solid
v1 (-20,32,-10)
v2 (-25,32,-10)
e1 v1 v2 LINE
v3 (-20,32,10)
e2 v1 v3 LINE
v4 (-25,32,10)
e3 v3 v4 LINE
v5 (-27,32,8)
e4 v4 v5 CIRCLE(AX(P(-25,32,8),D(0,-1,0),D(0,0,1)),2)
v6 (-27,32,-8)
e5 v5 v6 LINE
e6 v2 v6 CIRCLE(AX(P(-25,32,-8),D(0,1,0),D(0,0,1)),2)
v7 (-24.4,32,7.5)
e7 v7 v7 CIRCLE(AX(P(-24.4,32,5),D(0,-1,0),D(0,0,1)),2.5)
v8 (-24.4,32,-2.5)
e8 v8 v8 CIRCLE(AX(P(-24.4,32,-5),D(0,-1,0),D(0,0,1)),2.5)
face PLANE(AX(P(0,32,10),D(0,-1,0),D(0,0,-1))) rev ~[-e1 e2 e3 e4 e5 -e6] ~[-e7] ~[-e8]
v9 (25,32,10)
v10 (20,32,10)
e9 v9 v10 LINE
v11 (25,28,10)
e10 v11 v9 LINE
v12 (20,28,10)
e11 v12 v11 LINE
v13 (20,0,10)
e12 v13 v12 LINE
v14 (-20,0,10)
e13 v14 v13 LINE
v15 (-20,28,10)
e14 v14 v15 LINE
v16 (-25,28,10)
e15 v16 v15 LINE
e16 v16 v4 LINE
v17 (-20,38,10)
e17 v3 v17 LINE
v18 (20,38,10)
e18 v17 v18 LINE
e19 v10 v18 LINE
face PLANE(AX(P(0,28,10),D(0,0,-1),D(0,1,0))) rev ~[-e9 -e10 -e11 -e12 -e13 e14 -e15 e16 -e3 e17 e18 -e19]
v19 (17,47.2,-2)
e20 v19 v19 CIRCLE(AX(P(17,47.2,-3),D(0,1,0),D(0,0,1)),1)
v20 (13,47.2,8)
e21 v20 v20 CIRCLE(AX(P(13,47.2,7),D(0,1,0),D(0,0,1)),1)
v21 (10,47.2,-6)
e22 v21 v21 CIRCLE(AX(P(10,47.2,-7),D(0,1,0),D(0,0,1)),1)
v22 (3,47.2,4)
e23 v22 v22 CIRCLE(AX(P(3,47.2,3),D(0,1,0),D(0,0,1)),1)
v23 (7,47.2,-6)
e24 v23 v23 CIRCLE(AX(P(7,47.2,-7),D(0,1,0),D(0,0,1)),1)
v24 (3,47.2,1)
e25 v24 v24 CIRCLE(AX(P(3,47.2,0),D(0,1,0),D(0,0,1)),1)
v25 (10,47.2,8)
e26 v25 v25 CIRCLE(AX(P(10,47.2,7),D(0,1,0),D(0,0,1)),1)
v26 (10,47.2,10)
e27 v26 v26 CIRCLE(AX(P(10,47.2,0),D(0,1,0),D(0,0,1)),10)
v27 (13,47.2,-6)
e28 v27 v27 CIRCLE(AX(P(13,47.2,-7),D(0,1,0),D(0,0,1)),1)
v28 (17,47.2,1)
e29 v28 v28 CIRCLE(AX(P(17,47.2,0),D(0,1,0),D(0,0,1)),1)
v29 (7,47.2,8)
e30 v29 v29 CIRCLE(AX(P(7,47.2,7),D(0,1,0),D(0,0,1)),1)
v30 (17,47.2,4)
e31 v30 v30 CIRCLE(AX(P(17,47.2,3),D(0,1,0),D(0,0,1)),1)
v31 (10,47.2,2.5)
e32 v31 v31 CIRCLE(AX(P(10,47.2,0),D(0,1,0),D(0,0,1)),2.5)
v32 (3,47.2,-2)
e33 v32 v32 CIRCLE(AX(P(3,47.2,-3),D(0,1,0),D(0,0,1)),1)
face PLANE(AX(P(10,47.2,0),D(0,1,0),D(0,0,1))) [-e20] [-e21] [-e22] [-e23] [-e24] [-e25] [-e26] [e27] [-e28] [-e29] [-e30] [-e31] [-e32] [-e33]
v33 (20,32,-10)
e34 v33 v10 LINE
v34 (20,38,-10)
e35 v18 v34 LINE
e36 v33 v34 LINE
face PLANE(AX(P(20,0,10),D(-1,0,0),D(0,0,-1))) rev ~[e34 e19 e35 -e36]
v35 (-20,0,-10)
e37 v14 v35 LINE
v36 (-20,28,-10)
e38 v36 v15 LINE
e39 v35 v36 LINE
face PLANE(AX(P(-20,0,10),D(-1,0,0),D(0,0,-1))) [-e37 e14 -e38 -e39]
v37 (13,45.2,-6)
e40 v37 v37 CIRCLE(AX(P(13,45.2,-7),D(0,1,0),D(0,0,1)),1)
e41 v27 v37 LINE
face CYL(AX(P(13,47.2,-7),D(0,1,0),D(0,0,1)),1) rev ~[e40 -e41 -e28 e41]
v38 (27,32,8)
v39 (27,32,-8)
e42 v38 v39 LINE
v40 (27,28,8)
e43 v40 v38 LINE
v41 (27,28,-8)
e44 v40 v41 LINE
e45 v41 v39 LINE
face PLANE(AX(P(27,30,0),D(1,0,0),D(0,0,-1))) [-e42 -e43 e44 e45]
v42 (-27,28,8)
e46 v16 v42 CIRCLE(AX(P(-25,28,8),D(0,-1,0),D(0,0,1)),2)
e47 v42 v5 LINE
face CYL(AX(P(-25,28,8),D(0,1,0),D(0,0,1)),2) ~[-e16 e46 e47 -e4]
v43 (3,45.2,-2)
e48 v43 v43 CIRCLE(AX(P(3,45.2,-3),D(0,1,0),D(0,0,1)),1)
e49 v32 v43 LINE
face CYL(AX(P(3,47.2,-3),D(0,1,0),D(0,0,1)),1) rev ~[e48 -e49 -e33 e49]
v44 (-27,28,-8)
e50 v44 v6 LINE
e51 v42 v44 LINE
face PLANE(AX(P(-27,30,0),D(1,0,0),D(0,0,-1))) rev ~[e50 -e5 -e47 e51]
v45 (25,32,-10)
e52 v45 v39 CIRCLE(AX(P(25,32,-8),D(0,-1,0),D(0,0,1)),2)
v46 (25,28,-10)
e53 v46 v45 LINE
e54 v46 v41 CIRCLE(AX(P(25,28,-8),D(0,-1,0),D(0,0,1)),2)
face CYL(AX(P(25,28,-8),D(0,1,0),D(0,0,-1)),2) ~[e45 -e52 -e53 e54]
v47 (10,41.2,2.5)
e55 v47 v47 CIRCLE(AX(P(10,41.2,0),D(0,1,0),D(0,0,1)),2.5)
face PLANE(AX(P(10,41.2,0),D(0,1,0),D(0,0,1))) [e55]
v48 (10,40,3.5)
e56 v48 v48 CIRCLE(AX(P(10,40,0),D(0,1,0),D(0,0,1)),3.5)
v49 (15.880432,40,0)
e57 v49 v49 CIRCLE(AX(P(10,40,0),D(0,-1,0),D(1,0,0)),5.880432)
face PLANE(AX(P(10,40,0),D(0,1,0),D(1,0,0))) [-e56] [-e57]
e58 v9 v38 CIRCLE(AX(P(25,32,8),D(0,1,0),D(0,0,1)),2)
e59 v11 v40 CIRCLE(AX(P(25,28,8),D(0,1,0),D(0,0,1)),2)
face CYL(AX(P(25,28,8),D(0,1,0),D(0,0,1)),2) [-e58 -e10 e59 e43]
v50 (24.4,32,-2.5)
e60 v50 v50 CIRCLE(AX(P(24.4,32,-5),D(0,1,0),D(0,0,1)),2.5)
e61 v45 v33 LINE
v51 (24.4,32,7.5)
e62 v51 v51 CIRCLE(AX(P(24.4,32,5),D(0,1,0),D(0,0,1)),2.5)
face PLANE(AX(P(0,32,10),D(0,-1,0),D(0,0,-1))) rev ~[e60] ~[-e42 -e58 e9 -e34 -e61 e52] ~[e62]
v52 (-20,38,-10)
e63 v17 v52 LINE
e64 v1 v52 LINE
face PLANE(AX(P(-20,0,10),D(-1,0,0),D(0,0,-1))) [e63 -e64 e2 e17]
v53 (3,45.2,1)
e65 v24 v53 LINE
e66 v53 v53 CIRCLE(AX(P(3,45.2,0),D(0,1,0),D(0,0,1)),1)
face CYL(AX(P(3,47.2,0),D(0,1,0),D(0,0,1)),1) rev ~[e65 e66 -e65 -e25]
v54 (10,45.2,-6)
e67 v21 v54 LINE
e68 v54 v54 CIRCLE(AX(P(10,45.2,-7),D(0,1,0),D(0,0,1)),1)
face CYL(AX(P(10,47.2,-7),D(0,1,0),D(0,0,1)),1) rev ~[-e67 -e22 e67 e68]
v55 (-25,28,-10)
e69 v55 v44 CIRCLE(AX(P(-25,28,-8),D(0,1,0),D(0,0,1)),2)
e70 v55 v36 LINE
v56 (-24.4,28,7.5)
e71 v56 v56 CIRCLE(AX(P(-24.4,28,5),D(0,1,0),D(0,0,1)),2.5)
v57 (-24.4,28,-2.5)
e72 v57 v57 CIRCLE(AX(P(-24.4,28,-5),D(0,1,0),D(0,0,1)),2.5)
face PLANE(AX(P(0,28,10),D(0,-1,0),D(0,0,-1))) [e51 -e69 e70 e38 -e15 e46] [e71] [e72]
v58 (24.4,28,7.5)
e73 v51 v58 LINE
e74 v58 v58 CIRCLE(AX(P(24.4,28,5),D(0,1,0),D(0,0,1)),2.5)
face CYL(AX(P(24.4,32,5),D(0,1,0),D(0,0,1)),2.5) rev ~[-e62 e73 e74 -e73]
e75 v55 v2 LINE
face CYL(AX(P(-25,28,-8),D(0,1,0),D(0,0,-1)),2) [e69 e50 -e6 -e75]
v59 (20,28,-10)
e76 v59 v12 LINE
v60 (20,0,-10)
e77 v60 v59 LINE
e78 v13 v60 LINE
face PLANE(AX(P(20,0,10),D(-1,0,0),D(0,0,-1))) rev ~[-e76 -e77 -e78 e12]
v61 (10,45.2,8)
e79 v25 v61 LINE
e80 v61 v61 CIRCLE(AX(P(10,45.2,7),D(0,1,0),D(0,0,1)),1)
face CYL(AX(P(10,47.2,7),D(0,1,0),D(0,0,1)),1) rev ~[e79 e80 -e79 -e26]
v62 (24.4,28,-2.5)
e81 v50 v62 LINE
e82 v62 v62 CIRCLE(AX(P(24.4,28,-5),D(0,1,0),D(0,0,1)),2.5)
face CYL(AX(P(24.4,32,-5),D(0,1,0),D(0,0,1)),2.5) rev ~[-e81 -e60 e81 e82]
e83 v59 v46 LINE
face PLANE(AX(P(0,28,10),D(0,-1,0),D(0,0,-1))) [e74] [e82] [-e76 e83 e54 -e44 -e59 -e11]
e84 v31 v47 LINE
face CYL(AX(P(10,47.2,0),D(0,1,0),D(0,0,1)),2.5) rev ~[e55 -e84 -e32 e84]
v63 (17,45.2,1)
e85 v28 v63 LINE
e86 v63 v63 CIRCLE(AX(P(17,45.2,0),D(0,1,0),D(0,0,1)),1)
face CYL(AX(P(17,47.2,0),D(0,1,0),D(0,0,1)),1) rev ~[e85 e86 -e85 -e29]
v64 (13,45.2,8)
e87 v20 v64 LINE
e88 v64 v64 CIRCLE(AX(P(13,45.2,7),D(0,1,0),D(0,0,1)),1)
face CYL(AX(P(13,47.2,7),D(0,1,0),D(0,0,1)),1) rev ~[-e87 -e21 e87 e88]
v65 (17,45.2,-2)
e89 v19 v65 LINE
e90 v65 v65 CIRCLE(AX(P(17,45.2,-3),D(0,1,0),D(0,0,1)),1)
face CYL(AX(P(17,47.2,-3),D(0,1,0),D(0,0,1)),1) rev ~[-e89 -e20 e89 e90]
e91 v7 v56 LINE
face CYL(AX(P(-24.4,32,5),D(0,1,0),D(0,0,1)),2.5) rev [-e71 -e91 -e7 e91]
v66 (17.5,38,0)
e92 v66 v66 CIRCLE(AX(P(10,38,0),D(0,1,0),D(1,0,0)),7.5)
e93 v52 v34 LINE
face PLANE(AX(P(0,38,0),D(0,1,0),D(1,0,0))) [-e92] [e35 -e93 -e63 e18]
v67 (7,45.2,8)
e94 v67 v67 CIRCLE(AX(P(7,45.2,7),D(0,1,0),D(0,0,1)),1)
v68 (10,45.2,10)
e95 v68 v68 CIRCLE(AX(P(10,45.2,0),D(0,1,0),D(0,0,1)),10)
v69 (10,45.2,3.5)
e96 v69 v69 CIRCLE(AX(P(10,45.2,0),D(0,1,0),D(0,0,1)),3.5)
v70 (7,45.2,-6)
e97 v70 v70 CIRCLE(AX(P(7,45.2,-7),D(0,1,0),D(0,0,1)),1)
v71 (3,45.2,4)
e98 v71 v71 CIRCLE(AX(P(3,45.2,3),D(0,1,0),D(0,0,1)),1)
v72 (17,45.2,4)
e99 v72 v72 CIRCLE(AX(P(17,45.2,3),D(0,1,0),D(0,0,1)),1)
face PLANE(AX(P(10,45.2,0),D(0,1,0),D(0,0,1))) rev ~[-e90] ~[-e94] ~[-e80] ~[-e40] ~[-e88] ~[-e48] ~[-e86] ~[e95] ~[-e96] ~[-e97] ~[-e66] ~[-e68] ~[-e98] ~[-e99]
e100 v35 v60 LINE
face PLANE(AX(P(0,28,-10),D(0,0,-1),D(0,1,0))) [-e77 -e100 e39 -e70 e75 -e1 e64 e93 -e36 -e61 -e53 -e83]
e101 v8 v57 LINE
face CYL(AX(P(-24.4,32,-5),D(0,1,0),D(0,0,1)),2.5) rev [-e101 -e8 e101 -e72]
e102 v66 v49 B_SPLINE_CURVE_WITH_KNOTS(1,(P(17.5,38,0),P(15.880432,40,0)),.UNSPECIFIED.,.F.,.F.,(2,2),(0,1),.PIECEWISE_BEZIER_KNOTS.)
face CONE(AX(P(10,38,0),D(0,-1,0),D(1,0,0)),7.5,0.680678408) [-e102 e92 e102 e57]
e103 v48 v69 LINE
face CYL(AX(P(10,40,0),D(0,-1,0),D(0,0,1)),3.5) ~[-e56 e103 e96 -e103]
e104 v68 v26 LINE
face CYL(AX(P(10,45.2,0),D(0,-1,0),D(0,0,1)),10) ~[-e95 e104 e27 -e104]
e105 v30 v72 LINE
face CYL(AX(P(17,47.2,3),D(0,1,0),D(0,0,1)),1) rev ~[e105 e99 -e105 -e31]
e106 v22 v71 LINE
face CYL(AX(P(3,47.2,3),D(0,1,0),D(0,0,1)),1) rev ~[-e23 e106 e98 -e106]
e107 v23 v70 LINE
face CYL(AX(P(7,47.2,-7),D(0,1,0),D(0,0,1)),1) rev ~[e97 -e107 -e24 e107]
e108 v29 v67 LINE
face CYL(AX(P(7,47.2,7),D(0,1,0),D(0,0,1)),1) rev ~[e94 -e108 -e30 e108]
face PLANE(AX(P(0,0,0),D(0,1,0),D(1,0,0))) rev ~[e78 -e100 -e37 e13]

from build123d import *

# Parameters (mm, degrees)
SKETCH1_W           = 40
SKETCH1_H           = 20
BOSS_EXTRUDE1_DEPTH = 38
SKETCH2_W           = 20
SKETCH2_H           = 4
BOSS_EXTRUDE2_DEPTH = 27
SKETCH3_R           = 2.5
CUT_EXTRUDE5_DEPTH  = 53.6
SKETCH4_R           = 7.5
BOSS_EXTRUDE3_DEPTH = 2
BOSS_EXTRUDE3_TAPER = 39
SKETCH5_R           = 3.5
BOSS_EXTRUDE4_DEPTH = 5.2
SKETCH6_R           = 10
BOSS_EXTRUDE5_DEPTH = 2
FILLET1_R           = 2
SKETCH7_R           = 2.5
SKETCH7_R_2         = 1
CUT_EXTRUDE9_DEPTH  = 6


with BuildPart() as part:
    # Sketch1 → Boss-Extrude1 (new body)
    with BuildSketch(Plane(origin=(0, 0, 0), x_dir=(1, 0, 0), z_dir=(0, 1, 0))):
        Rectangle(SKETCH1_W, SKETCH1_H)
    extrude(amount=BOSS_EXTRUDE1_DEPTH)

    # Sketch2 → Boss-Extrude2 (add, symmetric)
    with BuildSketch(Plane(origin=(0, 0, 0), x_dir=(0, 0, -1), z_dir=(1, 0, 0))):
        with Locations((0, 30)):
            Rectangle(SKETCH2_W, SKETCH2_H)
    extrude(amount=BOSS_EXTRUDE2_DEPTH, both=True)

    # Sketch3 → Cut-Extrude5 (cut)
    with BuildSketch(Plane(origin=(0, 32, 0), x_dir=(1, 0, 0), z_dir=(0, 1, 0))):
        with Locations(Location((24.4, 5, 0), (0, 0, 270))):
            Circle(SKETCH3_R)
        with Locations(Location((24.4, -5, 0), (0, 0, 270))):
            Circle(SKETCH3_R)
    cut_extrude5 = extrude(amount=-CUT_EXTRUDE5_DEPTH, mode=Mode.SUBTRACT)

    # Mirror1: Cut-Extrude5 across plane
    add(cut_extrude5.mirror(Plane(origin=(0, 0, 0), x_dir=(0, 0, 1), z_dir=(1, 0, 0))), mode=Mode.SUBTRACT)

    # Sketch4 → Boss-Extrude3 (add)
    with BuildSketch(Plane(origin=(0, 38, 0), x_dir=(1, 0, 0), z_dir=(0, 1, 0))):
        with Locations((10, 0)):
            Circle(SKETCH4_R)
    extrude(amount=BOSS_EXTRUDE3_DEPTH, taper=BOSS_EXTRUDE3_TAPER)

    # Sketch5 → Boss-Extrude4 (add)
    with BuildSketch(Plane(origin=(0, 40, 0), x_dir=(1, 0, 0), z_dir=(0, 1, 0))):
        with Locations(Location((10, 0, 0), (0, 0, 270))):
            Circle(SKETCH5_R)
    extrude(amount=BOSS_EXTRUDE4_DEPTH)

    # Sketch6 → Boss-Extrude5 (add)
    with BuildSketch(Plane(origin=(0, 45.2, 0), x_dir=(1, 0, 0), z_dir=(0, 1, 0))):
        with Locations(Location((10, 0, 0), (0, 0, 270))):
            Circle(SKETCH6_R)
    extrude(amount=BOSS_EXTRUDE5_DEPTH)

    # Fillet1
    fillet1_edges = [part.edges().sort_by_distance(p)[0] for p in [
        (-27, 30, -10),
        (-27, 30, 10),
        (27, 30, -10),
        (27, 30, 10),
    ]]
    fillet(fillet1_edges, radius=FILLET1_R)

    # Sketch7 → Cut-Extrude9 (cut)
    with BuildSketch(Plane(origin=(0, 47.2, 0), x_dir=(1, 0, 0), z_dir=(0, 1, 0))):
        with Locations(Location((10, 0, 0), (0, 0, 270))):
            Circle(SKETCH7_R)
        with Locations(Location((10, 7, 0), (0, 0, 270))):
            Circle(SKETCH7_R_2)
        with Locations(Location((13, 7, 0), (0, 0, 270))):
            Circle(SKETCH7_R_2)
        with Locations(Location((7, 7, 0), (0, 0, 270))):
            Circle(SKETCH7_R_2)
        with Locations(Location((17, 3, 0), (0, 0, 270))):
            Circle(SKETCH7_R_2)
        with Locations(Location((17, 0, 0), (0, 0, 270))):
            Circle(SKETCH7_R_2)
        with Locations(Location((17, -3, 0), (0, 0, 270))):
            Circle(SKETCH7_R_2)
        with Locations(Location((13, -7, 0), (0, 0, 270))):
            Circle(SKETCH7_R_2)
        with Locations(Location((10, -7, 0), (0, 0, 270))):
            Circle(SKETCH7_R_2)
        with Locations(Location((7, -7, 0), (0, 0, 270))):
            Circle(SKETCH7_R_2)
        with Locations(Location((3, -3, 0), (0, 0, 270))):
            Circle(SKETCH7_R_2)
        with Locations(Location((3, 0, 0), (0, 0, 270))):
            Circle(SKETCH7_R_2)
        with Locations(Location((3, 3, 0), (0, 0, 270))):
            Circle(SKETCH7_R_2)
    extrude(amount=-CUT_EXTRUDE9_DEPTH, mode=Mode.SUBTRACT)


solid = part.part
